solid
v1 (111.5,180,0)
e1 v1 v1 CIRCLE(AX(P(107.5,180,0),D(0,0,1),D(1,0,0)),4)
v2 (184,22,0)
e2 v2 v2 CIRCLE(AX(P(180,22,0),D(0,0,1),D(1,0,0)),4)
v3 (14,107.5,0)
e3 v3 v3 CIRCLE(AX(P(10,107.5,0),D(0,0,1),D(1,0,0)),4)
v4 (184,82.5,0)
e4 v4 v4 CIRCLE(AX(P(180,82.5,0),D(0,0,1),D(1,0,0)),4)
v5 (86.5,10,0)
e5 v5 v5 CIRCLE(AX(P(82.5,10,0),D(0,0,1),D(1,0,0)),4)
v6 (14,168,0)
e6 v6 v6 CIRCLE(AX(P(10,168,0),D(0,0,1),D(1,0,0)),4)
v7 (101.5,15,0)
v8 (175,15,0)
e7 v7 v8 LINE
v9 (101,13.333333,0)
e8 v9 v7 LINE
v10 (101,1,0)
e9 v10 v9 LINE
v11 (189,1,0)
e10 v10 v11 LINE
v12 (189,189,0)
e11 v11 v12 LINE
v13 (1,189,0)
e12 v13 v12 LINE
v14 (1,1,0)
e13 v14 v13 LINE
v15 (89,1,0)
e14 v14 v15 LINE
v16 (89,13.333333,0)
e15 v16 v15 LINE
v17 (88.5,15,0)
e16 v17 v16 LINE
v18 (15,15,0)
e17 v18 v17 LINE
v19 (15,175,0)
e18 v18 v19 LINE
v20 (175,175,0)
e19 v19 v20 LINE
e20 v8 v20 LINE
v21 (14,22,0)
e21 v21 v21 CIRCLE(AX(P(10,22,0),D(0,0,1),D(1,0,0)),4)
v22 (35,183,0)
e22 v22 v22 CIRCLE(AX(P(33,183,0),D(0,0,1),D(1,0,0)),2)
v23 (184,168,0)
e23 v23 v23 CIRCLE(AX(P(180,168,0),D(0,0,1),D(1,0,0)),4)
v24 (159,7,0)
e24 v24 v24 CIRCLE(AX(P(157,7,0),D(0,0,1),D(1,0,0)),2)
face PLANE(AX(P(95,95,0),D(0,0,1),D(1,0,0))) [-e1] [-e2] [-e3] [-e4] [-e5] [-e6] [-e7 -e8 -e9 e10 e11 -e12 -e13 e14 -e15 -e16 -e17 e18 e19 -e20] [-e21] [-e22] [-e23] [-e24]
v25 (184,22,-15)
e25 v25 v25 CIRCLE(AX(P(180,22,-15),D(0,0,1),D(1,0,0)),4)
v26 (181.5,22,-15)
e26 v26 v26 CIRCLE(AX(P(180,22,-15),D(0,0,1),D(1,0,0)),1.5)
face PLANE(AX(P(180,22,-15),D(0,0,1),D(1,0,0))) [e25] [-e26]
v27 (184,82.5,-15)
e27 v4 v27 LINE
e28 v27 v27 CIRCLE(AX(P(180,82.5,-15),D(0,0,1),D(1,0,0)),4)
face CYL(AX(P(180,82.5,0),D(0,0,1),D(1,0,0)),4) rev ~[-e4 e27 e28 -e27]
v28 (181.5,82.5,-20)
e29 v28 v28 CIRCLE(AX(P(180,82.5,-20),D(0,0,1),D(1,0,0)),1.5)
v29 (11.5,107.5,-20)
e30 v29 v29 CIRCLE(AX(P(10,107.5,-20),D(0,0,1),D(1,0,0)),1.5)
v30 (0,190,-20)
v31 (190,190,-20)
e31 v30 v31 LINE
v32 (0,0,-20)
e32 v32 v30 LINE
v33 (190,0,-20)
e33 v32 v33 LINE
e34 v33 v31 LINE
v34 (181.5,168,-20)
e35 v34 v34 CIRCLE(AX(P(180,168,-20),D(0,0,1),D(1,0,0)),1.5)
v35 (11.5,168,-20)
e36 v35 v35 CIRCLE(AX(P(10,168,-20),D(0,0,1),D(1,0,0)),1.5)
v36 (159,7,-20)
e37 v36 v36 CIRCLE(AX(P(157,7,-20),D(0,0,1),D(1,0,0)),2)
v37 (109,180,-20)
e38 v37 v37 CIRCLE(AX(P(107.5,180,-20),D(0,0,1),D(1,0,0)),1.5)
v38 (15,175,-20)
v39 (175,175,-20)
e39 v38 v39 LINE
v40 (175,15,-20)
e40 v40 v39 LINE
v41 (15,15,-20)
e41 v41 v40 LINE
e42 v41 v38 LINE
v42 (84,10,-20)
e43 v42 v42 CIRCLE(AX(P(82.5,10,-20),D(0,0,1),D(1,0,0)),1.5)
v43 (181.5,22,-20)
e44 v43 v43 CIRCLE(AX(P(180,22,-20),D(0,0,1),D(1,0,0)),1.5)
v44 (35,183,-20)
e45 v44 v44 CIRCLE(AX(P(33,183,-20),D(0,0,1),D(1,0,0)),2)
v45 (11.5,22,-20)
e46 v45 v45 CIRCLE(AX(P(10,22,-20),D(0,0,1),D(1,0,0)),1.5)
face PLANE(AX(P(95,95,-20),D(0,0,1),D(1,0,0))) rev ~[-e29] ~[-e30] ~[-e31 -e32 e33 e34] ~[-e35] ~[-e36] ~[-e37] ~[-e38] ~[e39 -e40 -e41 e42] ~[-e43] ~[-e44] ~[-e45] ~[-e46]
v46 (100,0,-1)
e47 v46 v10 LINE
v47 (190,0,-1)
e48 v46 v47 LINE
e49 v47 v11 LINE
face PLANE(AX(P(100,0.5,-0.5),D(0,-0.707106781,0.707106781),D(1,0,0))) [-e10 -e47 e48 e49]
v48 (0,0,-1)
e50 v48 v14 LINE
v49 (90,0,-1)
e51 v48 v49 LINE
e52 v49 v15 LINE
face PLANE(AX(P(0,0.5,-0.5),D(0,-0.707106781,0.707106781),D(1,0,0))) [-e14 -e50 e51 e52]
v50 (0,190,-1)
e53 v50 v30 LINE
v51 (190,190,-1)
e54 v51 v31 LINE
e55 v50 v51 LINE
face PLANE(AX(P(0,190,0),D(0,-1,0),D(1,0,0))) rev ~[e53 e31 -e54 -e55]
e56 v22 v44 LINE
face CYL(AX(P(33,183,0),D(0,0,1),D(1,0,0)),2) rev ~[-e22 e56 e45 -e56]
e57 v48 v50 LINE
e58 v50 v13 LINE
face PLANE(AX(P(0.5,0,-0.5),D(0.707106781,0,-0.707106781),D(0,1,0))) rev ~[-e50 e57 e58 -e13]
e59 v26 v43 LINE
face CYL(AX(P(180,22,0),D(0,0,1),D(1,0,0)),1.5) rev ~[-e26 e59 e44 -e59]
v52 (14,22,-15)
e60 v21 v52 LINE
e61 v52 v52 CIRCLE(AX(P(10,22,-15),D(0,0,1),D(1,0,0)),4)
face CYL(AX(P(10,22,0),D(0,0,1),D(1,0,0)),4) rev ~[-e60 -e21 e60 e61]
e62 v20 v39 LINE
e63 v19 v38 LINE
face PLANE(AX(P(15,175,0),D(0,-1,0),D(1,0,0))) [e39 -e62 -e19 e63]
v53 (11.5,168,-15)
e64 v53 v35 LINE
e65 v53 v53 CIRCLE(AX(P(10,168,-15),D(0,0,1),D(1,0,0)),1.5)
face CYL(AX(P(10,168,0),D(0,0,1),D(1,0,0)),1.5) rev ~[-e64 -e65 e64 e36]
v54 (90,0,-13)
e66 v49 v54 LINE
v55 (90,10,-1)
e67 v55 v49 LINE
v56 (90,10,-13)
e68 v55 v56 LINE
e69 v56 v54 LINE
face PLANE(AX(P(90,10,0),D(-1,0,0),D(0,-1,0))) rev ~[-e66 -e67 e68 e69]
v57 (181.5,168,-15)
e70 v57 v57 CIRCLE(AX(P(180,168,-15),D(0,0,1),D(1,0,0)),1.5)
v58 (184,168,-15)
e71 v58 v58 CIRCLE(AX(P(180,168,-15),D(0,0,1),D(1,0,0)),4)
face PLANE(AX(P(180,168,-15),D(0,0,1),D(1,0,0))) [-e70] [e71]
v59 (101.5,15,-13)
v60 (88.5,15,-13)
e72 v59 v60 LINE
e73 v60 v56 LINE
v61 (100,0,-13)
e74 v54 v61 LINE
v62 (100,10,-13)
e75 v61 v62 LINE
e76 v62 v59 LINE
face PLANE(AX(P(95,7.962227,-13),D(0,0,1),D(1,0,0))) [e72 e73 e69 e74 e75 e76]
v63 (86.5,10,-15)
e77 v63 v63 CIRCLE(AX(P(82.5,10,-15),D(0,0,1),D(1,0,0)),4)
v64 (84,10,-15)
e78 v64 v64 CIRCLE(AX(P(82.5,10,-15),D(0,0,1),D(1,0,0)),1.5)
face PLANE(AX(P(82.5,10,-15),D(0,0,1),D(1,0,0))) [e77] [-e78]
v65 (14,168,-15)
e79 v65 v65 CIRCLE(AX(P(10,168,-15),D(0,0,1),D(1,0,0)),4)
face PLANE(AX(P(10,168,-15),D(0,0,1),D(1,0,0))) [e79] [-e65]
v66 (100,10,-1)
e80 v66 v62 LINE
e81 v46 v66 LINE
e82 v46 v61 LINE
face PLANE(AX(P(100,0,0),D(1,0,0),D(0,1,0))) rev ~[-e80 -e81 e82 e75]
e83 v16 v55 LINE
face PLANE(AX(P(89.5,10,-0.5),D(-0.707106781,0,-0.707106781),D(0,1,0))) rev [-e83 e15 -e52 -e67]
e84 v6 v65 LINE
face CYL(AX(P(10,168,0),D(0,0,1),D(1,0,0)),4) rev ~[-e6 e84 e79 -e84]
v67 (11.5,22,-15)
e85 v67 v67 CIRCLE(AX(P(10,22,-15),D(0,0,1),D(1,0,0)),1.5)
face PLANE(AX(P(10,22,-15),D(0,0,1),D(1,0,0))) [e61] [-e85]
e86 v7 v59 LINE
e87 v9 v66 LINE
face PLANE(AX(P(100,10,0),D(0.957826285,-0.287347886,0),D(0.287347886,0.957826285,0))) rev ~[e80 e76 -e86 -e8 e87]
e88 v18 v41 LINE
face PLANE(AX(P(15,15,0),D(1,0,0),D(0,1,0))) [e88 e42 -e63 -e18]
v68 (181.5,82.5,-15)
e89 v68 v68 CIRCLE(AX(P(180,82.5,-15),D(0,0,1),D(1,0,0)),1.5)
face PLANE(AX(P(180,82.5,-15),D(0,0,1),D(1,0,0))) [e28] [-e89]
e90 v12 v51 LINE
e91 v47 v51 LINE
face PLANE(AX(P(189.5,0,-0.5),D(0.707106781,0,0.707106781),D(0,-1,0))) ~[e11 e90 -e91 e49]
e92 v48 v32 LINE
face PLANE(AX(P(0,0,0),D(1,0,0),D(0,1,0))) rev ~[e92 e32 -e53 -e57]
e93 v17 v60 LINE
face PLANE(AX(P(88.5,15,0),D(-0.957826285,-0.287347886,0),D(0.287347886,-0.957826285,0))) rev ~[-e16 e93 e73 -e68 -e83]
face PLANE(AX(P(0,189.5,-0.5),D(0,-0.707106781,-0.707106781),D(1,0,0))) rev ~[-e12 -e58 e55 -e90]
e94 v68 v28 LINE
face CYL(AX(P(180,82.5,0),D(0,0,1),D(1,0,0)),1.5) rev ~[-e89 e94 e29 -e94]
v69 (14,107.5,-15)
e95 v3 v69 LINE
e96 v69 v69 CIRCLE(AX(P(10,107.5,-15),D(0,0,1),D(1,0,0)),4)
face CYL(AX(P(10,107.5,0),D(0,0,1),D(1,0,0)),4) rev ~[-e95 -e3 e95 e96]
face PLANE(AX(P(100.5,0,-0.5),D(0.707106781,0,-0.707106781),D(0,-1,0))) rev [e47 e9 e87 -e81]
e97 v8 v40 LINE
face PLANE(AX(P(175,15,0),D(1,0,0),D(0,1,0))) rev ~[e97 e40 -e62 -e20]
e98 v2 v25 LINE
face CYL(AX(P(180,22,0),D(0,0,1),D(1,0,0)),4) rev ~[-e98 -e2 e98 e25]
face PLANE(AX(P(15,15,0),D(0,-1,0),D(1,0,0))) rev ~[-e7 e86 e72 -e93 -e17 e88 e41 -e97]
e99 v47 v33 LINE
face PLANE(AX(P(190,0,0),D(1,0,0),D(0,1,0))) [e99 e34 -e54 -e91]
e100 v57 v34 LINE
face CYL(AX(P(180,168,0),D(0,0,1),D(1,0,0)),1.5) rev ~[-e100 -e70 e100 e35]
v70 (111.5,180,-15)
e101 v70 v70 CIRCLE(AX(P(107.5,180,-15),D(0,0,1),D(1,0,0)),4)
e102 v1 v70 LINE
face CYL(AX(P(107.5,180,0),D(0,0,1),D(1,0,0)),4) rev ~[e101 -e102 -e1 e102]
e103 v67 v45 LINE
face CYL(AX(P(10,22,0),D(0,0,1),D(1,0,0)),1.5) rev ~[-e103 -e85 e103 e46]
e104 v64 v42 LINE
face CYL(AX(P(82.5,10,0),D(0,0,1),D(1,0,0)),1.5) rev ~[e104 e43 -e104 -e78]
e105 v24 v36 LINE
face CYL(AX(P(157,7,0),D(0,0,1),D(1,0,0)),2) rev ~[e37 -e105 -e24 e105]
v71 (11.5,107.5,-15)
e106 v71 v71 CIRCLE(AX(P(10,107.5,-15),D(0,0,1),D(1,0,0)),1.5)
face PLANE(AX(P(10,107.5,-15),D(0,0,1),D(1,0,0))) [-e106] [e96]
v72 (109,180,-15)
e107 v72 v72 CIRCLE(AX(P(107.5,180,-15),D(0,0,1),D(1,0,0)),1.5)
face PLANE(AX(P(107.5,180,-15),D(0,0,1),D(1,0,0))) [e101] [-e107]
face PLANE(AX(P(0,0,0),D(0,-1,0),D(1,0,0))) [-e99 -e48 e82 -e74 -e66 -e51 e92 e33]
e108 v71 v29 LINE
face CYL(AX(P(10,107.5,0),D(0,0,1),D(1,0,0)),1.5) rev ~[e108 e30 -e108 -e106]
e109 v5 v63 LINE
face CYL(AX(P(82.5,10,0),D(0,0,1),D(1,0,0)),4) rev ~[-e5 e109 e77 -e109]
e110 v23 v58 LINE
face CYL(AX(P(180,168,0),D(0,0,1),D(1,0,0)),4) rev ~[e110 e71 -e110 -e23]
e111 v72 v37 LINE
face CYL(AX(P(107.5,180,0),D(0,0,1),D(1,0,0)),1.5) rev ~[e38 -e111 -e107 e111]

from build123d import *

# Parameters (mm, degrees)
SKETCH_W        = 190
SKETCH_H        = 190
SKETCH_W_2      = 160
SKETCH_H_2      = 160
PAD_DEPTH       = 20
SKETCH001_R     = 1.5
SKETCH001_R_2   = 2
POCKET_DEPTH    = 20.001
SKETCH002_R     = 4
POCKET001_DEPTH = 15
POCKET002_DEPTH = 13
CHAMFER_SIZE    = 1


with BuildPart() as part:
    # Sketch → Pad (new body)
    with BuildSketch(Plane.XY):
        with Locations((95, 95)):
            Rectangle(SKETCH_W, SKETCH_H)
        with Locations((95, 95)):
            Rectangle(SKETCH_W_2, SKETCH_H_2, mode=Mode.SUBTRACT)
    extrude(amount=-PAD_DEPTH)

    # Sketch001 → Pocket (cut, through all)
    with BuildSketch(Plane.XY):
        with Locations((10, 22)):
            Circle(SKETCH001_R)
        with Locations((10, 107.5)):
            Circle(SKETCH001_R)
        with Locations((10, 168)):
            Circle(SKETCH001_R)
        with Locations((107.5, 180)):
            Circle(SKETCH001_R)
        with Locations((180, 168)):
            Circle(SKETCH001_R)
        with Locations((180, 82.5)):
            Circle(SKETCH001_R)
        with Locations((180, 22)):
            Circle(SKETCH001_R)
        with Locations((82.5, 10)):
            Circle(SKETCH001_R)
        with Locations((33, 183)):
            Circle(SKETCH001_R_2)
        with Locations((157, 7)):
            Circle(SKETCH001_R_2)
    extrude(amount=-POCKET_DEPTH, mode=Mode.SUBTRACT)

    # Sketch002 → Pocket001 (cut)
    with BuildSketch(Plane.XY):
        with Locations((107.5, 180)):
            Circle(SKETCH002_R)
        with Locations((180, 168)):
            Circle(SKETCH002_R)
        with Locations((10, 168)):
            Circle(SKETCH002_R)
        with Locations((10, 107.5)):
            Circle(SKETCH002_R)
        with Locations((10, 22)):
            Circle(SKETCH002_R)
        with Locations((82.5, 10)):
            Circle(SKETCH002_R)
        with Locations((180, 22)):
            Circle(SKETCH002_R)
        with Locations((180, 82.5)):
            Circle(SKETCH002_R)
    extrude(amount=-POCKET001_DEPTH, mode=Mode.SUBTRACT)

    # Sketch003 → Pocket002 (cut)
    with BuildSketch(Plane.XY):
        Polygon((90, 0), (100, 0), (100, 10), (101.5, 15), (88.5, 15), (90, 10), align=None)
    extrude(amount=-POCKET002_DEPTH, mode=Mode.SUBTRACT)

    # Chamfer
    chamfer_edges = [part.edges().sort_by_distance(p)[0] for p in [
        (0, 95, 0),
        (45, 0, 0),
        (145, 0, 0),
        (190, 95, 0),
        (95, 190, 0),
        (100, 5, 0),
        (90, 5, 0),
    ]]
    chamfer(chamfer_edges, length=CHAMFER_SIZE)


solid = part.part
